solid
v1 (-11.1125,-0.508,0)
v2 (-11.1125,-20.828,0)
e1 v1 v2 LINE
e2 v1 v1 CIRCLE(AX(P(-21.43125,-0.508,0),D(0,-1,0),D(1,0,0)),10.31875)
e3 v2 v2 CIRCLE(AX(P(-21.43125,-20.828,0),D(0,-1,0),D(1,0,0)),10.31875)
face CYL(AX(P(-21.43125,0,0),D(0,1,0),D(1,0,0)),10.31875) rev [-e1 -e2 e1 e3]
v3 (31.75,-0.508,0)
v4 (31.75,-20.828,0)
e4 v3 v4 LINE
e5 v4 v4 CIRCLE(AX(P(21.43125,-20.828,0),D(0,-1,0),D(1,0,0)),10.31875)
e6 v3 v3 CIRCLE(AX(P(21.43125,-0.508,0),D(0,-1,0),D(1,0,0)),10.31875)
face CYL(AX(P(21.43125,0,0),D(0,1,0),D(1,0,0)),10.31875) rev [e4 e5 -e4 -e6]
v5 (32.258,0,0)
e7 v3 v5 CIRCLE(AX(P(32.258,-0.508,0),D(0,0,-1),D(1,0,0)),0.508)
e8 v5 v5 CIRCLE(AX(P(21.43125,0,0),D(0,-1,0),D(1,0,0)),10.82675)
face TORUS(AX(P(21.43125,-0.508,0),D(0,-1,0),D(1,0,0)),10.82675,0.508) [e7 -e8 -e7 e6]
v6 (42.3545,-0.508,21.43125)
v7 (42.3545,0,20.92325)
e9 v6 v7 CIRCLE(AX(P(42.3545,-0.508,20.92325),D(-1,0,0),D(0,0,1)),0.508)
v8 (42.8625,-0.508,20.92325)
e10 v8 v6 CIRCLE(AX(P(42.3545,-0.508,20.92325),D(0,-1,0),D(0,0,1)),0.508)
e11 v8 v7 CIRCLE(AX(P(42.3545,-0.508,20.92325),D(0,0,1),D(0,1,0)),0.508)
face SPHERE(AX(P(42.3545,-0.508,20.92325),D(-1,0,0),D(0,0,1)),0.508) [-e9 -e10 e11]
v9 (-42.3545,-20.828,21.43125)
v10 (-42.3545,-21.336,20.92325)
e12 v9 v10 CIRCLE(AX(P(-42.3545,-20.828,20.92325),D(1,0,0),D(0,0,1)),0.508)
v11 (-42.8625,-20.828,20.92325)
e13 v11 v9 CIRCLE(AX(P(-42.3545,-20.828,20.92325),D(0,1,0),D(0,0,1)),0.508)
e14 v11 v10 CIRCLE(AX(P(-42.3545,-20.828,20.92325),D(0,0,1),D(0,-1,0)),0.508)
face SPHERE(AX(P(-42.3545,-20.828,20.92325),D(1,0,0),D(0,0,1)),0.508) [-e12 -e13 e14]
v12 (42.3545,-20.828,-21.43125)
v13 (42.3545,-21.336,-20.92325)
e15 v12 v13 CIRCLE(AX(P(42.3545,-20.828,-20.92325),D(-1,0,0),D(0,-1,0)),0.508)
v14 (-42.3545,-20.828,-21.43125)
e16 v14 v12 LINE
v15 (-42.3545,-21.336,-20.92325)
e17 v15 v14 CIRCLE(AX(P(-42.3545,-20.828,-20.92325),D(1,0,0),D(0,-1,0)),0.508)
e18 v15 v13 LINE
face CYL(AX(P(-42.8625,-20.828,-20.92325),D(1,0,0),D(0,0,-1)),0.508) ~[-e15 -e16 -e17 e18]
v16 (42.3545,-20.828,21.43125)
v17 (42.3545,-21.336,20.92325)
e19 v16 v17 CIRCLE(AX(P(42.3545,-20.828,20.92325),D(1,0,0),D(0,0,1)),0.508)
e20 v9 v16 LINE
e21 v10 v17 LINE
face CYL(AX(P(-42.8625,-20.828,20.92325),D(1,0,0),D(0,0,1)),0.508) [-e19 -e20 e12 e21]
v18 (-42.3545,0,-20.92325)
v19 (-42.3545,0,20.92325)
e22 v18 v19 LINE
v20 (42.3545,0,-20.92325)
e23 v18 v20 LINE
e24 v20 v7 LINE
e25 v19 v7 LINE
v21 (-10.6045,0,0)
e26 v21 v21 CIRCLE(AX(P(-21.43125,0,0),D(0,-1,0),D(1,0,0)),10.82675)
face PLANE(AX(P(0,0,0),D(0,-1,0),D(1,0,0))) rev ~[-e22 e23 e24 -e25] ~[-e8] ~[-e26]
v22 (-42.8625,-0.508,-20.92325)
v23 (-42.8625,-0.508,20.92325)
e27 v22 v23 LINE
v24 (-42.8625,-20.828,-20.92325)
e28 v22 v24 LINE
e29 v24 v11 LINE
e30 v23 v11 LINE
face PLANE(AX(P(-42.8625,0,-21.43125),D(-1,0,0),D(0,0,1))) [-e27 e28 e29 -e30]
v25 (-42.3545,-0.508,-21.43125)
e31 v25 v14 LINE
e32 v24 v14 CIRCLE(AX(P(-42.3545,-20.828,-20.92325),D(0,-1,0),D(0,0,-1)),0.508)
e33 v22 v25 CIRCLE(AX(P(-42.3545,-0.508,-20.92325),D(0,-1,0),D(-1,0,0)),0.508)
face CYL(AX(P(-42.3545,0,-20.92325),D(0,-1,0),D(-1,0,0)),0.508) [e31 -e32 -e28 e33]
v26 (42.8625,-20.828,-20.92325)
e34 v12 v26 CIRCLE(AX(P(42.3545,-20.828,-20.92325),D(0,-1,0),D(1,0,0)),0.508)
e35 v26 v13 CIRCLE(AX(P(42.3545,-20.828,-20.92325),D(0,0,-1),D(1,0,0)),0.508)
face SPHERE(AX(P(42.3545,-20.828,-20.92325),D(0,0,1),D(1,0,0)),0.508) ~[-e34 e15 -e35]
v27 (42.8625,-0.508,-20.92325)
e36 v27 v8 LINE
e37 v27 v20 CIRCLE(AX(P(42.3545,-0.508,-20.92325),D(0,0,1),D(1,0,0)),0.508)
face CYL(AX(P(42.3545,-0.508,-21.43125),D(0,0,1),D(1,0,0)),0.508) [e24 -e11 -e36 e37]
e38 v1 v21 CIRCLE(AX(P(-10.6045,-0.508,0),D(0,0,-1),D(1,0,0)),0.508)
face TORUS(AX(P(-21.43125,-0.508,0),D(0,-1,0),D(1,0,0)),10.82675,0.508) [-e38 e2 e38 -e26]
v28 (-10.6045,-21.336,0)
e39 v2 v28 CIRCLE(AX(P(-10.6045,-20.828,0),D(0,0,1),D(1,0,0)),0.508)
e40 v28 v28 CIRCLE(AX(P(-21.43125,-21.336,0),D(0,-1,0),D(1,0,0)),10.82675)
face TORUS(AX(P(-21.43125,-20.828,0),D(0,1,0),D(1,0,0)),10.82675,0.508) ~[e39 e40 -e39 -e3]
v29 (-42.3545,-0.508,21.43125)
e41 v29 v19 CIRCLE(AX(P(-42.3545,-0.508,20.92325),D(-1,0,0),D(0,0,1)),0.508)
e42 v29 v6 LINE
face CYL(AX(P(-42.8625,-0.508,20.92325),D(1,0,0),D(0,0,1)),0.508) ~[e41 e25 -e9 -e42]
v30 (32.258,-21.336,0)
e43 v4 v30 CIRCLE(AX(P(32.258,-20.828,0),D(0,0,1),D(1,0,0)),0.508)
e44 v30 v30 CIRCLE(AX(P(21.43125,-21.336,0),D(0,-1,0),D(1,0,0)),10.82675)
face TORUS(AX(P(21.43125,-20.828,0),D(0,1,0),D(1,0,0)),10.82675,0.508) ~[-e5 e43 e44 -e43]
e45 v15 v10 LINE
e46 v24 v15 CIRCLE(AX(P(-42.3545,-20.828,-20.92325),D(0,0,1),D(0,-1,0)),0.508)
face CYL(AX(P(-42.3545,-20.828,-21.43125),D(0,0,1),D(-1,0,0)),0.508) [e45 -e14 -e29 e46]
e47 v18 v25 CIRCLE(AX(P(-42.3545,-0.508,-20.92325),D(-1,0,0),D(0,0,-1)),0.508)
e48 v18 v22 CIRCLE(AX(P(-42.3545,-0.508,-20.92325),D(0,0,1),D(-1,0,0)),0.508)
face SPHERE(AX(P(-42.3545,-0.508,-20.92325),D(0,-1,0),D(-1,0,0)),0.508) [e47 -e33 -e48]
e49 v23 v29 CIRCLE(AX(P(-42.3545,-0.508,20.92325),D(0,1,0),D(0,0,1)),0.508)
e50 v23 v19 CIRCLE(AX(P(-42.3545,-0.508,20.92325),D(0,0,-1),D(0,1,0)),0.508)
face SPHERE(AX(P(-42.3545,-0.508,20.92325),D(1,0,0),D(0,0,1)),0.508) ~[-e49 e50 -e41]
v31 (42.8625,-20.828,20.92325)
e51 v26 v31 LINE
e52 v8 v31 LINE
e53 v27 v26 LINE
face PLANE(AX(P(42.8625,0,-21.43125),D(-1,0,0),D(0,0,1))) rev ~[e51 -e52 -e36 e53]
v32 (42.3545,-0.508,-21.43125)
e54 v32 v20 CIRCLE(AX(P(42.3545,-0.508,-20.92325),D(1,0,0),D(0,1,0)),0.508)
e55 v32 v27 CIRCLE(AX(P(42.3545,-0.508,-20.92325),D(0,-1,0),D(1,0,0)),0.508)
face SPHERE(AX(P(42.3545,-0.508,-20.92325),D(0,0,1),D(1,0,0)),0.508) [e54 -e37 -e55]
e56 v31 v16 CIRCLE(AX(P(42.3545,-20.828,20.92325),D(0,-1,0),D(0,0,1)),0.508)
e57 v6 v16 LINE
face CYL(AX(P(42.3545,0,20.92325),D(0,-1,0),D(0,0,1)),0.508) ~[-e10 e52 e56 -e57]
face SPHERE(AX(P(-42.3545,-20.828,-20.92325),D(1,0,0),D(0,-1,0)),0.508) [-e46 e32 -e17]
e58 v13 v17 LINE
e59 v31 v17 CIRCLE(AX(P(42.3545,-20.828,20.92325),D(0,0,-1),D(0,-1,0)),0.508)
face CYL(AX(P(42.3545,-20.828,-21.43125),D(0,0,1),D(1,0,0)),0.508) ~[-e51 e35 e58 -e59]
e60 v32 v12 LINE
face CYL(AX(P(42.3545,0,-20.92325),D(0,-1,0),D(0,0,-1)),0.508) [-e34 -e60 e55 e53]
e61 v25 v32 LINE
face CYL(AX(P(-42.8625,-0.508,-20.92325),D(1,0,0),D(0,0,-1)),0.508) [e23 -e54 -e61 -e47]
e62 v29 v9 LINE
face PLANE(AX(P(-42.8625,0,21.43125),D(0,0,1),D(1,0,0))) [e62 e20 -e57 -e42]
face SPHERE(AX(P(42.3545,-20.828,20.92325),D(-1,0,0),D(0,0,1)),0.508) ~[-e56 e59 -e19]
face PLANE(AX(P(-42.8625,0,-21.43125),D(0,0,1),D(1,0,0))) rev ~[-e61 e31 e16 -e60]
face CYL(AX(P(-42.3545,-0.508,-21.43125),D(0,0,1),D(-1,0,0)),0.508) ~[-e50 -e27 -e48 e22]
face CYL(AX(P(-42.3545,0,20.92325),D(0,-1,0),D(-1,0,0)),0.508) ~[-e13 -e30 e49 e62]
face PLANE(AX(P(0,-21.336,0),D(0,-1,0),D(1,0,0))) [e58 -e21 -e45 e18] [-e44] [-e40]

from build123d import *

# Parameters (mm, degrees)
F0_W     = 85.725
F0_H     = 42.8625
F0_R     = 10.31875
F1_DEPTH = 21.336
F2_R     = 0.508


with BuildPart() as f1:
    # F0 (on Front) → F1 (new body)
    with BuildSketch(Plane.XZ):
        Rectangle(F0_W, F0_H)
        with Locations((-21.43125, 0)):
            Circle(F0_R, mode=Mode.SUBTRACT)
        with Locations((21.43125, 0)):
            Circle(F0_R, mode=Mode.SUBTRACT)
    extrude(amount=F1_DEPTH)

    # F2
    f2_edges = [f1.edges().sort_by_distance(p)[0] for p in [
        (0, -21.336, 21.43125),
        (0, 0, 21.43125),
        (-42.8625, -10.668, 21.43125),
        (42.8625, -10.668, 21.43125),
        (42.8625, -21.336, 0),
        (42.8625, 0, 0),
        (42.8625, -10.668, -21.43125),
        (0, -21.336, -21.43125),
        (-42.8625, -21.336, 0),
        (11.1125, -21.336, 0),
        (-31.75, -21.336, 0),
        (-42.8625, -10.668, -21.43125),
        (-42.8625, 0, 0),
        (0, 0, -21.43125),
        (-31.75, 0, 0),
        (11.1125, 0, 0),
    ]]
    fillet(f2_edges, radius=F2_R)


solid = f1.part
